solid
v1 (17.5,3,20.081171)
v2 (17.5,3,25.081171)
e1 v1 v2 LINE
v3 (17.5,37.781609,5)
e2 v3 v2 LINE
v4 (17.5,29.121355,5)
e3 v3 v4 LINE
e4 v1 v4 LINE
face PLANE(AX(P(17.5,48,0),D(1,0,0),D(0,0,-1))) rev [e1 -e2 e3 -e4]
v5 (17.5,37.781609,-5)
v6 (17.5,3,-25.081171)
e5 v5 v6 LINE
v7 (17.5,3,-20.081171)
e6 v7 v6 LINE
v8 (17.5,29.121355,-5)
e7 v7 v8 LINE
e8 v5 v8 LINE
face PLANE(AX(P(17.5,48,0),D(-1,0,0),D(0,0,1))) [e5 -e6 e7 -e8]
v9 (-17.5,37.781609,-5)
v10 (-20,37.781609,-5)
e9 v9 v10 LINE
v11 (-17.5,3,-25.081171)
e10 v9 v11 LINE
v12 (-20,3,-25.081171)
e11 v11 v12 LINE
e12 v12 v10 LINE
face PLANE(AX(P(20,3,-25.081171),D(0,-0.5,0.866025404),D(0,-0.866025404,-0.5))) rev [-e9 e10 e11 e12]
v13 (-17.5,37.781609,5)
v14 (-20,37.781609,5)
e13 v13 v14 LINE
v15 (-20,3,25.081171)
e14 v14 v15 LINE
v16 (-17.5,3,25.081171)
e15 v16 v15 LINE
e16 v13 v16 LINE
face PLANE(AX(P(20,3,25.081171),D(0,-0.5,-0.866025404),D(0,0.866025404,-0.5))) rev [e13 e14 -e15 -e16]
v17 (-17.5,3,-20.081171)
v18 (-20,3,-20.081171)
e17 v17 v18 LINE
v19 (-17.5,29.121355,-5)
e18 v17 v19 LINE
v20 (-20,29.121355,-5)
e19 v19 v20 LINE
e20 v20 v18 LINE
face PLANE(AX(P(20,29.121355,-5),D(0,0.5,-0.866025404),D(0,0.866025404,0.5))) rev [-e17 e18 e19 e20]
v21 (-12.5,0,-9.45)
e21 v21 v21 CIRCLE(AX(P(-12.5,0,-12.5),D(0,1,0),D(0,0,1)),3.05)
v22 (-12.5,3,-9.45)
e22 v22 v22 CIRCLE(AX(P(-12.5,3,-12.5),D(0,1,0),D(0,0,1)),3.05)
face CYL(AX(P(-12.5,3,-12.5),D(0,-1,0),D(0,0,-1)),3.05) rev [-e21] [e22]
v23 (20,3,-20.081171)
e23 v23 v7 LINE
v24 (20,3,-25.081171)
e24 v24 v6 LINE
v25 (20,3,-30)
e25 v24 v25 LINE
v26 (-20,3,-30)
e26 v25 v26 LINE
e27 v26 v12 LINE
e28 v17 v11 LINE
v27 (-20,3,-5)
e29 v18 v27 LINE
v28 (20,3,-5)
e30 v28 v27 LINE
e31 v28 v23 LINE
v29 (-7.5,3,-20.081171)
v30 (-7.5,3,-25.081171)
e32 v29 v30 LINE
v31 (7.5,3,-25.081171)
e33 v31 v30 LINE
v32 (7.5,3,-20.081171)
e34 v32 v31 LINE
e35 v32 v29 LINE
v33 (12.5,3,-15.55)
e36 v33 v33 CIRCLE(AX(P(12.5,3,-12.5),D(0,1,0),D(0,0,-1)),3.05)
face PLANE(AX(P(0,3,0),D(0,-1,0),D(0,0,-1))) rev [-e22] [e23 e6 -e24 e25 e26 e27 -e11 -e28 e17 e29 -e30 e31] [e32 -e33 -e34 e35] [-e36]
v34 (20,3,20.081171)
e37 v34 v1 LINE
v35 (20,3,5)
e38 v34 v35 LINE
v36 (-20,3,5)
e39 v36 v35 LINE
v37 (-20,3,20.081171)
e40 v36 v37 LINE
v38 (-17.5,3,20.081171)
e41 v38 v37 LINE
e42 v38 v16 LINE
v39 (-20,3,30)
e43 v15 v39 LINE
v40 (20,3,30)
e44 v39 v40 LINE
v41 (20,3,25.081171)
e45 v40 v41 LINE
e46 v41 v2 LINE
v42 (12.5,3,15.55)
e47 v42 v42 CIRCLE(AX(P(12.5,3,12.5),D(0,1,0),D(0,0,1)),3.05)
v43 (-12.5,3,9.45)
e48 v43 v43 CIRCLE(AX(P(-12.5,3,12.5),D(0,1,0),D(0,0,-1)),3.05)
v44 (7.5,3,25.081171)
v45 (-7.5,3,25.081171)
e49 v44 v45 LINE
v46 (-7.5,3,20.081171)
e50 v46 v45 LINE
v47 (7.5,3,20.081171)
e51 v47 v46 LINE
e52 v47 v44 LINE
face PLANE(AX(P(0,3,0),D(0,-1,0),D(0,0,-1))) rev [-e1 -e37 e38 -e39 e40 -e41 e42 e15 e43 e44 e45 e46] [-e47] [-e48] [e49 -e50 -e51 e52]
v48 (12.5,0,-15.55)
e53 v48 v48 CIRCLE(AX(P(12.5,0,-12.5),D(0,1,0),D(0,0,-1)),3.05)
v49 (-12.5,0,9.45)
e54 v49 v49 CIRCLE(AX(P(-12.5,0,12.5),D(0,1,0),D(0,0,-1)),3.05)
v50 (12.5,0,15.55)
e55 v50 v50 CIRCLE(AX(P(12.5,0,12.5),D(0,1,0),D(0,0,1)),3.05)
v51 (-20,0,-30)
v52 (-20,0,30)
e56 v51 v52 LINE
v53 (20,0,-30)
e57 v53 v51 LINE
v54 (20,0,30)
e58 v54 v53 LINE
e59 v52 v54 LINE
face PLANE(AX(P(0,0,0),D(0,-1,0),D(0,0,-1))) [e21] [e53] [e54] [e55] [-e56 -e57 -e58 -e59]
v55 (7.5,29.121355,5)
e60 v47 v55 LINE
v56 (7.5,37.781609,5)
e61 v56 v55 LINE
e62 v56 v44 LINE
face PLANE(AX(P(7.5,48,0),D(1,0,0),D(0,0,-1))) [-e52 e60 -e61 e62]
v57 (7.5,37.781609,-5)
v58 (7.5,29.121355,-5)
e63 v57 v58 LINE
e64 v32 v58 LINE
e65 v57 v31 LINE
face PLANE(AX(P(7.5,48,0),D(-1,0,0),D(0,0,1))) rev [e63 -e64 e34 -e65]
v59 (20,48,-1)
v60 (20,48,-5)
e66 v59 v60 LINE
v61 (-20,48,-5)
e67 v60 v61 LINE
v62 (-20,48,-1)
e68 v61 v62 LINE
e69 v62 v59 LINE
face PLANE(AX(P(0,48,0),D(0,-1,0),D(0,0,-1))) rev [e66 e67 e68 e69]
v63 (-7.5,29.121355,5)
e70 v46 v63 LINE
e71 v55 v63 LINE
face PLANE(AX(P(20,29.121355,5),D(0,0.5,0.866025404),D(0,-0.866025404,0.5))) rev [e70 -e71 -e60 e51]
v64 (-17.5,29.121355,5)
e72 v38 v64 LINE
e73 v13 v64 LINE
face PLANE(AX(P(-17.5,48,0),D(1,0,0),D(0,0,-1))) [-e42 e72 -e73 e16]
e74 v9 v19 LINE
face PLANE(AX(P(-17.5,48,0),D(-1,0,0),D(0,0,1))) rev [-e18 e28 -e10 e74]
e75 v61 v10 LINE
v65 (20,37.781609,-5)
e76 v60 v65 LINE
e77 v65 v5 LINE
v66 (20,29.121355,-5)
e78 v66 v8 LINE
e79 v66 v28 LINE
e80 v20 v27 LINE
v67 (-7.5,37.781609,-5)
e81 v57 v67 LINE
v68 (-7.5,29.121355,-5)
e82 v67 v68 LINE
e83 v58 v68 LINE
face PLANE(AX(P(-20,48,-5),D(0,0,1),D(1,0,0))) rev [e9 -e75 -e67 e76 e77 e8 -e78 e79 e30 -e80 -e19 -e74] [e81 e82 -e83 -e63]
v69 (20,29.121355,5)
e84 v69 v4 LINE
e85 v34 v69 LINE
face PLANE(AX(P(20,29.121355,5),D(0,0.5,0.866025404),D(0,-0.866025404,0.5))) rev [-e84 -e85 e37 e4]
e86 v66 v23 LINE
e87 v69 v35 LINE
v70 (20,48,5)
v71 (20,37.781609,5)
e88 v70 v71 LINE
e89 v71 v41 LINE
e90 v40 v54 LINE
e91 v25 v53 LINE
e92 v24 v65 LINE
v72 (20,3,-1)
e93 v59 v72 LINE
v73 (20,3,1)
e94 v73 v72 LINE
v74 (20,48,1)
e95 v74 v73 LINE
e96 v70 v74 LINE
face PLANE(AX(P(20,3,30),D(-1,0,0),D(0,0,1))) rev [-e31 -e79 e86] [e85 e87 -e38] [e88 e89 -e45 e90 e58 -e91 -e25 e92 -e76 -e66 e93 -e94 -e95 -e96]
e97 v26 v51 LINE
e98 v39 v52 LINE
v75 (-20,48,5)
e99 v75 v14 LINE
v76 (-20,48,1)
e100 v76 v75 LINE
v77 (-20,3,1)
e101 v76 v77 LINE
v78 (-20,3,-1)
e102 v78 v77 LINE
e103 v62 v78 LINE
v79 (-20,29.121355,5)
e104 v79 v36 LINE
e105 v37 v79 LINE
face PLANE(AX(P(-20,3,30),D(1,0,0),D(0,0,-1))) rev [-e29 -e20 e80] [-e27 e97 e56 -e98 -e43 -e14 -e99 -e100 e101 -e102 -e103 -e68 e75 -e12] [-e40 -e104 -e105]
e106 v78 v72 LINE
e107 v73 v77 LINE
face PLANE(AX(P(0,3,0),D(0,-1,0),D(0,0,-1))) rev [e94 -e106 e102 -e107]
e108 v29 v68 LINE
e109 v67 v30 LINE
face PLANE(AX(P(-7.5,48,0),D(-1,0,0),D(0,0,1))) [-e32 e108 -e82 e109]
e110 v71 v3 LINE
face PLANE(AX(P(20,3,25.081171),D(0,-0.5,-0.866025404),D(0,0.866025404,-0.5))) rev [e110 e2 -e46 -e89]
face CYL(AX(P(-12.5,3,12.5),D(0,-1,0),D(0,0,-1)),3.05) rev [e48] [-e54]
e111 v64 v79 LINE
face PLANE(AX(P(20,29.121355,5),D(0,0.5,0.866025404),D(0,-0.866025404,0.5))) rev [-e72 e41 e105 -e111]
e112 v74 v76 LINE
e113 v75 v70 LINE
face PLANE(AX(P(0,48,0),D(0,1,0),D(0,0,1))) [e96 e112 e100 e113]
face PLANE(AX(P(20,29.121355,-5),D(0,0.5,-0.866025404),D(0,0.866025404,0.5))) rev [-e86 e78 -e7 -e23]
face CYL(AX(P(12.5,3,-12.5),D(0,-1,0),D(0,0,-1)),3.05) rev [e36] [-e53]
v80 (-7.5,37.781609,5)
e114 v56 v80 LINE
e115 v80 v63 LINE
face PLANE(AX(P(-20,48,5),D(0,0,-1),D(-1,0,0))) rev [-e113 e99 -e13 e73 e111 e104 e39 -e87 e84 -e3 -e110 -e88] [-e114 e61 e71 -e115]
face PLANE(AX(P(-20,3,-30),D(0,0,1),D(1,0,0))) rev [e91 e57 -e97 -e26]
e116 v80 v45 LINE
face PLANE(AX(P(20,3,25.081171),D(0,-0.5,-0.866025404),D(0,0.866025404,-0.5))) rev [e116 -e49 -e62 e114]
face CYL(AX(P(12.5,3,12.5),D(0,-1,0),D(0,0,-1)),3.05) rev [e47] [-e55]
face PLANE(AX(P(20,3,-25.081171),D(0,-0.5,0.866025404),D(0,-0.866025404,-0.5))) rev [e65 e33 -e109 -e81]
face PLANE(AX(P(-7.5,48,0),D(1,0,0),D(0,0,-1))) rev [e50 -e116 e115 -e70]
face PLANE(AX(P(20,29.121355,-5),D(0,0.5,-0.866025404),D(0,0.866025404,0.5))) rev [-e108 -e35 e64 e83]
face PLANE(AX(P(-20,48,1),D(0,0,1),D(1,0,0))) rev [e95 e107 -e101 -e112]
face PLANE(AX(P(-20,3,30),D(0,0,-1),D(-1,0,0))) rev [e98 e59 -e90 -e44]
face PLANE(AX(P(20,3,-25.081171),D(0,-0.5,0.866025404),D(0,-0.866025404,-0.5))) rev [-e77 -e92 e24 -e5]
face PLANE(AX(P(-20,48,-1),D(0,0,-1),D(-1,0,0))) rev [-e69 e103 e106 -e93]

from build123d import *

# Parameters (mm, degrees)
SKETCH_1_W           = 40
SKETCH_1_H           = 60
SKETCH_1_R           = 3.05
EXTRUDE_1_DEPTH      = 3
SKETCH_2_W           = 40
SKETCH_2_H           = 4
EXTRUDE_2_DEPTH      = 45
EXTRUDE_3_DEPTH      = 20
EXTRUDE_3_DEPTH_BACK = 20
SKETCH_4_W           = 10
SKETCH_4_H           = 20.081171456
CUT_EXTRUDE_1_DEPTH  = 58.662812973


with BuildPart() as part:
    # 草图1 → 凸台-拉伸1 (new body)
    with BuildSketch(Plane(origin=(0, 0, 0), x_dir=(1, 0, 0), z_dir=(0, 1, 0))):
        Rectangle(SKETCH_1_W, SKETCH_1_H)
        with Locations((-12.5, 12.5)):
            Circle(SKETCH_1_R, mode=Mode.SUBTRACT)
        with Locations((12.5, 12.5)):
            Circle(SKETCH_1_R, mode=Mode.SUBTRACT)
        with Locations((12.5, -12.5)):
            Circle(SKETCH_1_R, mode=Mode.SUBTRACT)
        with Locations((-12.5, -12.5)):
            Circle(SKETCH_1_R, mode=Mode.SUBTRACT)
    extrude(amount=EXTRUDE_1_DEPTH)

    # 草图2 → 凸台-拉伸2 (add)
    with BuildSketch(Plane(origin=(0, 3, 0), x_dir=(1, 0, 0), z_dir=(0, 1, 0))):
        with Locations((0, 3)):
            Rectangle(SKETCH_2_W, SKETCH_2_H)
        with Locations((0, -3)):
            Rectangle(SKETCH_2_W, SKETCH_2_H)
    extrude(amount=EXTRUDE_2_DEPTH)

    # 草图3 → 凸台-拉伸3 (add, two sides: drawn at the far end of the back side and taken through both)
    with BuildSketch(Plane(origin=(0, 0, 0), x_dir=(0, 0, -1), z_dir=(1, 0, 0)).offset(-EXTRUDE_3_DEPTH_BACK)):
        Polygon((-5, 29.121355199), (-20.081171456, 3), (-25.081171456, 3), (-5, 37.781609237), align=None)
        Polygon((5, 37.781609237), (5, 29.121355199), (20.081171456, 3), (25.081171456, 3), align=None)
    extrude(amount=EXTRUDE_3_DEPTH + EXTRUDE_3_DEPTH_BACK)

    # 草图4 → 切除-拉伸1 (cut, through all)
    with BuildSketch(Plane(origin=(0, 3, 0), x_dir=(1, 0, 0), z_dir=(0, 1, 0))):
        with Locations((12.5, 15.040585728)):
            Rectangle(SKETCH_4_W, SKETCH_4_H)
        with Locations((-12.5, 15.040585728)):
            Rectangle(SKETCH_4_W, SKETCH_4_H)
        with Locations((12.5, -15.040585728)):
            Rectangle(SKETCH_4_W, SKETCH_4_H)
        with Locations((-12.5, -15.040585728)):
            Rectangle(SKETCH_4_W, SKETCH_4_H)
    extrude(amount=CUT_EXTRUDE_1_DEPTH, mode=Mode.SUBTRACT)


solid = part.part
